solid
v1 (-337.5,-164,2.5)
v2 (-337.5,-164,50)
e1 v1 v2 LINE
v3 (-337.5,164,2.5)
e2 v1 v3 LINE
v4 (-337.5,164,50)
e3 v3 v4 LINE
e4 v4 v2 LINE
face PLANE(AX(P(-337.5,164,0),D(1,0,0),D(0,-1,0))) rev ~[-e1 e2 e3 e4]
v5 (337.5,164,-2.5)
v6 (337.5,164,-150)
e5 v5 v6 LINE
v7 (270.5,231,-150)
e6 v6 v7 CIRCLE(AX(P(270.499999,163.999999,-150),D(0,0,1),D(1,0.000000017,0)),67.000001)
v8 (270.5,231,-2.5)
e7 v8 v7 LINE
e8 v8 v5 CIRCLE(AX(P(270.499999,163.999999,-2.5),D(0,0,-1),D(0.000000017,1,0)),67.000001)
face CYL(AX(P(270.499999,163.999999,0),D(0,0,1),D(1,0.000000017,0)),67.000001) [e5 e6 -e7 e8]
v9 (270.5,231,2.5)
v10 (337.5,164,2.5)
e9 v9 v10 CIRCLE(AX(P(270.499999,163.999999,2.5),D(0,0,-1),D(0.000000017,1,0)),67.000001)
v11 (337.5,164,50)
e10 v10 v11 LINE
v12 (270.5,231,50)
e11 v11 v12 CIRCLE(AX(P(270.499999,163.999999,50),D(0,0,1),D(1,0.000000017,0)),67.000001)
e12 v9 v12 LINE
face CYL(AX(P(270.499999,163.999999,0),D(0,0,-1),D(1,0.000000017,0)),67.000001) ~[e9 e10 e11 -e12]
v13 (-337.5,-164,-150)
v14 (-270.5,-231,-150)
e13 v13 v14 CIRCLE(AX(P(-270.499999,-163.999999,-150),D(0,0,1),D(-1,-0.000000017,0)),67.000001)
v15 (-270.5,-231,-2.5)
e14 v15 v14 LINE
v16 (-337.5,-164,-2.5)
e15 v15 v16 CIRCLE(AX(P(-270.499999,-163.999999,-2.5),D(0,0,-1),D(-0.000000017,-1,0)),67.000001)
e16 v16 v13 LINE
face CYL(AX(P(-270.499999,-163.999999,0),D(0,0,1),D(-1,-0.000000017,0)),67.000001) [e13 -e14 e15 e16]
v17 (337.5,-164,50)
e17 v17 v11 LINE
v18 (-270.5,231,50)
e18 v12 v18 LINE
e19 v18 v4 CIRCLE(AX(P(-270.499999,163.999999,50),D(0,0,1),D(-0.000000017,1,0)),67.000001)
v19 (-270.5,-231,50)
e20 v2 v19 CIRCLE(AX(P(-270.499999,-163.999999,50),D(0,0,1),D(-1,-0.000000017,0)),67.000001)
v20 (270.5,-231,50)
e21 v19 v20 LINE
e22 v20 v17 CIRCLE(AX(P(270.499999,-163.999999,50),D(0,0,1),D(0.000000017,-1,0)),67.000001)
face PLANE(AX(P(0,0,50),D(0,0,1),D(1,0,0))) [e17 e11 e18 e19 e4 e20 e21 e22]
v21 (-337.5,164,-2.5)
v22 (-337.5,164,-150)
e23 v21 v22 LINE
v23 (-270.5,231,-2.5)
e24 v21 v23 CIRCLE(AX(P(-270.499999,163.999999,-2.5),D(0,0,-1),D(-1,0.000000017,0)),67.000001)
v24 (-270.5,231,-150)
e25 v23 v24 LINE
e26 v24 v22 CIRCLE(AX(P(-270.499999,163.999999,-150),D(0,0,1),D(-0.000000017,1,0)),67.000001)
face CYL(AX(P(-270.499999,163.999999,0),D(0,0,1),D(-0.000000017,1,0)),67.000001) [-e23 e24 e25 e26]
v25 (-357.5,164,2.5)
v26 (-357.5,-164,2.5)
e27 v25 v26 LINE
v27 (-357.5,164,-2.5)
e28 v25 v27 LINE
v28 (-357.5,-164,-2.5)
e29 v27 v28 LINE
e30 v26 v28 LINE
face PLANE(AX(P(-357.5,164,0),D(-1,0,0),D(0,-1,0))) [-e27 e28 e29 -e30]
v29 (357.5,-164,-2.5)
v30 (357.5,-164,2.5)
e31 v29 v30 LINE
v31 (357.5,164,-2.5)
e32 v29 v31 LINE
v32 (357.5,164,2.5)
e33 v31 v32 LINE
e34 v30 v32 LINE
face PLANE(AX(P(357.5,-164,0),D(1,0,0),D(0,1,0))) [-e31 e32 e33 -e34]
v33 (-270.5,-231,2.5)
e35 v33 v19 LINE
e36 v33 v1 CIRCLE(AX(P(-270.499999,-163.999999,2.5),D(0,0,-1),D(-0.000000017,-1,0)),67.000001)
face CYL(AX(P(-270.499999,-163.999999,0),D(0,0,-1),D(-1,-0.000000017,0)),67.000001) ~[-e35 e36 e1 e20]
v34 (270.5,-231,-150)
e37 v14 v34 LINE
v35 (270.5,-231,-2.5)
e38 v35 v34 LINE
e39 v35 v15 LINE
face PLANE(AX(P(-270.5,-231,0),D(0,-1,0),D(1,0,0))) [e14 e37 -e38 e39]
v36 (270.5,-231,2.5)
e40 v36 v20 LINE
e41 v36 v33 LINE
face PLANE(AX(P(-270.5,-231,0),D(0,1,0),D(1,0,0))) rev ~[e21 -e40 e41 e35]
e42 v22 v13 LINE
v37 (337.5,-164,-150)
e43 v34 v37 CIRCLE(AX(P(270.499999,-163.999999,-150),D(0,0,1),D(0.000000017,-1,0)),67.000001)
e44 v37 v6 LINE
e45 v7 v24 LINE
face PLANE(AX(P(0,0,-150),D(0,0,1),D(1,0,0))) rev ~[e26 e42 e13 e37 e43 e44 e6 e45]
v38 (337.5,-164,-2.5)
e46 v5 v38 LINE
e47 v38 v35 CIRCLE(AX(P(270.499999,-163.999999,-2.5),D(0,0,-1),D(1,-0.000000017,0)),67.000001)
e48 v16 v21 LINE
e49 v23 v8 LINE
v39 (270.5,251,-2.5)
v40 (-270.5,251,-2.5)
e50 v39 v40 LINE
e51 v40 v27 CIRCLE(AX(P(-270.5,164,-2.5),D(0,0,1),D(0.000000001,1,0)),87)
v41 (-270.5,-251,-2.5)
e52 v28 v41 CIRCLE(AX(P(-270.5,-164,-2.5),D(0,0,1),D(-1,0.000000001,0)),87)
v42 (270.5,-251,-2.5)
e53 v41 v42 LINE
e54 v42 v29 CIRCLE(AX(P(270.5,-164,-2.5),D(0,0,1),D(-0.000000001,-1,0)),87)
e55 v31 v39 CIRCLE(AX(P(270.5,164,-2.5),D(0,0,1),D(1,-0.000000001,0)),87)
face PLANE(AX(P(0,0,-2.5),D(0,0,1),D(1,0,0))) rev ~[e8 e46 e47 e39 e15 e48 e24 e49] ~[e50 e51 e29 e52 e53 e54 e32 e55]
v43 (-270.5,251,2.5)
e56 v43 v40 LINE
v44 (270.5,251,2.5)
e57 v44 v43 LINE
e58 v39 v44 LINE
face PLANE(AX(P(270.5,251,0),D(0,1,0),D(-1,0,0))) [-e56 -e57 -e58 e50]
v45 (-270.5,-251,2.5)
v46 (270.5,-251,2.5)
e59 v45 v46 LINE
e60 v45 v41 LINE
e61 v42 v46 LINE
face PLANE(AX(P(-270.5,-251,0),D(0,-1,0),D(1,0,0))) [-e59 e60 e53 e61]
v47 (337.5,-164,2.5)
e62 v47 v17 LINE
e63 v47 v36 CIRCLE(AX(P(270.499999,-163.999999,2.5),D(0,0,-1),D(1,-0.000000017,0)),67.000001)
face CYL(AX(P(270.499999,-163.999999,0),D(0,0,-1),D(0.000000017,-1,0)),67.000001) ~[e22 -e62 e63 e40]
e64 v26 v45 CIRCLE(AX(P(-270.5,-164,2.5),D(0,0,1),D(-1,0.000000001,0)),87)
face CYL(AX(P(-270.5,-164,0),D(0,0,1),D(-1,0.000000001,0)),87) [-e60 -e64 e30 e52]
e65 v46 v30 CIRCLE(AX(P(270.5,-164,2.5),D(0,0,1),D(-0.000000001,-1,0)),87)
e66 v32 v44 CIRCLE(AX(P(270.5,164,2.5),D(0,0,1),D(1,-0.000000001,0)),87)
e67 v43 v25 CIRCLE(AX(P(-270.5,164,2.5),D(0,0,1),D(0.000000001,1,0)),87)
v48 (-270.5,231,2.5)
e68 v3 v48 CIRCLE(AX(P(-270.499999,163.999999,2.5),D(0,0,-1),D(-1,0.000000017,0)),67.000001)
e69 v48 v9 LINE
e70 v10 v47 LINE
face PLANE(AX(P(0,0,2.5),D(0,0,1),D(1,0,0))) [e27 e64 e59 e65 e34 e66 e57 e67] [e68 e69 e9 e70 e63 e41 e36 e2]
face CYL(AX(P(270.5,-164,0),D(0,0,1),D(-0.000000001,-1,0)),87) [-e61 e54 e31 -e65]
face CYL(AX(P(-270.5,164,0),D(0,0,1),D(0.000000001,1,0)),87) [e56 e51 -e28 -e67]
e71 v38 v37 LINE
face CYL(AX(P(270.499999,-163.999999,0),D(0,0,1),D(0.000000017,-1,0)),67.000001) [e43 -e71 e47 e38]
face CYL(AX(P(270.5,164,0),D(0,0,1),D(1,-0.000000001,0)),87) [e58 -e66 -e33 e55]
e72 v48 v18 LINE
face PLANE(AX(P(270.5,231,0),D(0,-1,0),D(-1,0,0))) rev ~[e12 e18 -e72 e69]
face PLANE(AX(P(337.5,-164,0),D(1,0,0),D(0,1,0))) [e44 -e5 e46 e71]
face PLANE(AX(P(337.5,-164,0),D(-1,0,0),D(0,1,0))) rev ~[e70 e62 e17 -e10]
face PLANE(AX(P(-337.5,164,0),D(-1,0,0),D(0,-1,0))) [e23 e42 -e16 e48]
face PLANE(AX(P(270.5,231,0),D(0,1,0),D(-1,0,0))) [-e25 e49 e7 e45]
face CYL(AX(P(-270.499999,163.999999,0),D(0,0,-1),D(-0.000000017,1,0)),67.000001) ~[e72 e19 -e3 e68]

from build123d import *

# Parameters (mm, degrees)
F1_DEPTH = 2.5
F2_DEPTH = 50
F3_DEPTH = 150


with BuildPart() as f1:
    # F0 (on Top) → F1 (new body, symmetric)
    with BuildSketch(Plane.XY):
        with BuildLine():
            Line((-270.5, -251), (270.5, -251))
            ThreePointArc((270.5, -251), (332.01829, -225.51829), (357.5, -164))
            Line((357.5, -164), (357.5, 164))
            ThreePointArc((357.5, 164), (332.01829, 225.51829), (270.5, 251))
            Line((270.5, 251), (-270.5, 251))
            ThreePointArc((-270.5, 251), (-332.01829, 225.51829), (-357.5, 164))
            Line((-357.5, 164), (-357.5, -164))
            ThreePointArc((-357.5, -164), (-332.01829, -225.51829), (-270.5, -251))
        make_face()
        with BuildLine():
            ThreePointArc((337.5, -164), (317.876154, -211.376154), (270.5, -231))
            Line((270.5, -231), (-270.5, -231))
            ThreePointArc((-270.5, -231), (-317.876154, -211.376154), (-337.5, -164))
            Line((-337.5, -164), (-337.5, 164))
            ThreePointArc((-337.5, 164), (-317.876154, 211.376154), (-270.5, 231))
            Line((-270.5, 231), (270.5, 231))
            ThreePointArc((270.5, 231), (317.876154, 211.376154), (337.5, 164))
            Line((337.5, 164), (337.5, -164))
        make_face(mode=Mode.SUBTRACT)
    extrude(amount=F1_DEPTH, both=True)

    # F0 (on Top) → F2 (join)
    with BuildSketch(Plane.XY):
        with BuildLine():
            Line((-270.5, -231), (270.5, -231))
            ThreePointArc((270.5, -231), (317.876154, -211.376154), (337.5, -164))
            Line((337.5, -164), (337.5, 164))
            ThreePointArc((337.5, 164), (317.876154, 211.376154), (270.5, 231))
            Line((270.5, 231), (-270.5, 231))
            ThreePointArc((-270.5, 231), (-317.876154, 211.376154), (-337.5, 164))
            Line((-337.5, 164), (-337.5, -164))
            ThreePointArc((-337.5, -164), (-317.876154, -211.376154), (-270.5, -231))
        make_face()
    extrude(amount=F2_DEPTH)

    # F0 (on Top) → F3 (join)
    with BuildSketch(Plane.XY):
        with BuildLine():
            Line((-270.5, -231), (270.5, -231))
            ThreePointArc((270.5, -231), (317.876154, -211.376154), (337.5, -164))
            Line((337.5, -164), (337.5, 164))
            ThreePointArc((337.5, 164), (317.876154, 211.376154), (270.5, 231))
            Line((270.5, 231), (-270.5, 231))
            ThreePointArc((-270.5, 231), (-317.876154, 211.376154), (-337.5, 164))
            Line((-337.5, 164), (-337.5, -164))
            ThreePointArc((-337.5, -164), (-317.876154, -211.376154), (-270.5, -231))
        make_face()
    extrude(amount=-F3_DEPTH)


solid = f1.part
